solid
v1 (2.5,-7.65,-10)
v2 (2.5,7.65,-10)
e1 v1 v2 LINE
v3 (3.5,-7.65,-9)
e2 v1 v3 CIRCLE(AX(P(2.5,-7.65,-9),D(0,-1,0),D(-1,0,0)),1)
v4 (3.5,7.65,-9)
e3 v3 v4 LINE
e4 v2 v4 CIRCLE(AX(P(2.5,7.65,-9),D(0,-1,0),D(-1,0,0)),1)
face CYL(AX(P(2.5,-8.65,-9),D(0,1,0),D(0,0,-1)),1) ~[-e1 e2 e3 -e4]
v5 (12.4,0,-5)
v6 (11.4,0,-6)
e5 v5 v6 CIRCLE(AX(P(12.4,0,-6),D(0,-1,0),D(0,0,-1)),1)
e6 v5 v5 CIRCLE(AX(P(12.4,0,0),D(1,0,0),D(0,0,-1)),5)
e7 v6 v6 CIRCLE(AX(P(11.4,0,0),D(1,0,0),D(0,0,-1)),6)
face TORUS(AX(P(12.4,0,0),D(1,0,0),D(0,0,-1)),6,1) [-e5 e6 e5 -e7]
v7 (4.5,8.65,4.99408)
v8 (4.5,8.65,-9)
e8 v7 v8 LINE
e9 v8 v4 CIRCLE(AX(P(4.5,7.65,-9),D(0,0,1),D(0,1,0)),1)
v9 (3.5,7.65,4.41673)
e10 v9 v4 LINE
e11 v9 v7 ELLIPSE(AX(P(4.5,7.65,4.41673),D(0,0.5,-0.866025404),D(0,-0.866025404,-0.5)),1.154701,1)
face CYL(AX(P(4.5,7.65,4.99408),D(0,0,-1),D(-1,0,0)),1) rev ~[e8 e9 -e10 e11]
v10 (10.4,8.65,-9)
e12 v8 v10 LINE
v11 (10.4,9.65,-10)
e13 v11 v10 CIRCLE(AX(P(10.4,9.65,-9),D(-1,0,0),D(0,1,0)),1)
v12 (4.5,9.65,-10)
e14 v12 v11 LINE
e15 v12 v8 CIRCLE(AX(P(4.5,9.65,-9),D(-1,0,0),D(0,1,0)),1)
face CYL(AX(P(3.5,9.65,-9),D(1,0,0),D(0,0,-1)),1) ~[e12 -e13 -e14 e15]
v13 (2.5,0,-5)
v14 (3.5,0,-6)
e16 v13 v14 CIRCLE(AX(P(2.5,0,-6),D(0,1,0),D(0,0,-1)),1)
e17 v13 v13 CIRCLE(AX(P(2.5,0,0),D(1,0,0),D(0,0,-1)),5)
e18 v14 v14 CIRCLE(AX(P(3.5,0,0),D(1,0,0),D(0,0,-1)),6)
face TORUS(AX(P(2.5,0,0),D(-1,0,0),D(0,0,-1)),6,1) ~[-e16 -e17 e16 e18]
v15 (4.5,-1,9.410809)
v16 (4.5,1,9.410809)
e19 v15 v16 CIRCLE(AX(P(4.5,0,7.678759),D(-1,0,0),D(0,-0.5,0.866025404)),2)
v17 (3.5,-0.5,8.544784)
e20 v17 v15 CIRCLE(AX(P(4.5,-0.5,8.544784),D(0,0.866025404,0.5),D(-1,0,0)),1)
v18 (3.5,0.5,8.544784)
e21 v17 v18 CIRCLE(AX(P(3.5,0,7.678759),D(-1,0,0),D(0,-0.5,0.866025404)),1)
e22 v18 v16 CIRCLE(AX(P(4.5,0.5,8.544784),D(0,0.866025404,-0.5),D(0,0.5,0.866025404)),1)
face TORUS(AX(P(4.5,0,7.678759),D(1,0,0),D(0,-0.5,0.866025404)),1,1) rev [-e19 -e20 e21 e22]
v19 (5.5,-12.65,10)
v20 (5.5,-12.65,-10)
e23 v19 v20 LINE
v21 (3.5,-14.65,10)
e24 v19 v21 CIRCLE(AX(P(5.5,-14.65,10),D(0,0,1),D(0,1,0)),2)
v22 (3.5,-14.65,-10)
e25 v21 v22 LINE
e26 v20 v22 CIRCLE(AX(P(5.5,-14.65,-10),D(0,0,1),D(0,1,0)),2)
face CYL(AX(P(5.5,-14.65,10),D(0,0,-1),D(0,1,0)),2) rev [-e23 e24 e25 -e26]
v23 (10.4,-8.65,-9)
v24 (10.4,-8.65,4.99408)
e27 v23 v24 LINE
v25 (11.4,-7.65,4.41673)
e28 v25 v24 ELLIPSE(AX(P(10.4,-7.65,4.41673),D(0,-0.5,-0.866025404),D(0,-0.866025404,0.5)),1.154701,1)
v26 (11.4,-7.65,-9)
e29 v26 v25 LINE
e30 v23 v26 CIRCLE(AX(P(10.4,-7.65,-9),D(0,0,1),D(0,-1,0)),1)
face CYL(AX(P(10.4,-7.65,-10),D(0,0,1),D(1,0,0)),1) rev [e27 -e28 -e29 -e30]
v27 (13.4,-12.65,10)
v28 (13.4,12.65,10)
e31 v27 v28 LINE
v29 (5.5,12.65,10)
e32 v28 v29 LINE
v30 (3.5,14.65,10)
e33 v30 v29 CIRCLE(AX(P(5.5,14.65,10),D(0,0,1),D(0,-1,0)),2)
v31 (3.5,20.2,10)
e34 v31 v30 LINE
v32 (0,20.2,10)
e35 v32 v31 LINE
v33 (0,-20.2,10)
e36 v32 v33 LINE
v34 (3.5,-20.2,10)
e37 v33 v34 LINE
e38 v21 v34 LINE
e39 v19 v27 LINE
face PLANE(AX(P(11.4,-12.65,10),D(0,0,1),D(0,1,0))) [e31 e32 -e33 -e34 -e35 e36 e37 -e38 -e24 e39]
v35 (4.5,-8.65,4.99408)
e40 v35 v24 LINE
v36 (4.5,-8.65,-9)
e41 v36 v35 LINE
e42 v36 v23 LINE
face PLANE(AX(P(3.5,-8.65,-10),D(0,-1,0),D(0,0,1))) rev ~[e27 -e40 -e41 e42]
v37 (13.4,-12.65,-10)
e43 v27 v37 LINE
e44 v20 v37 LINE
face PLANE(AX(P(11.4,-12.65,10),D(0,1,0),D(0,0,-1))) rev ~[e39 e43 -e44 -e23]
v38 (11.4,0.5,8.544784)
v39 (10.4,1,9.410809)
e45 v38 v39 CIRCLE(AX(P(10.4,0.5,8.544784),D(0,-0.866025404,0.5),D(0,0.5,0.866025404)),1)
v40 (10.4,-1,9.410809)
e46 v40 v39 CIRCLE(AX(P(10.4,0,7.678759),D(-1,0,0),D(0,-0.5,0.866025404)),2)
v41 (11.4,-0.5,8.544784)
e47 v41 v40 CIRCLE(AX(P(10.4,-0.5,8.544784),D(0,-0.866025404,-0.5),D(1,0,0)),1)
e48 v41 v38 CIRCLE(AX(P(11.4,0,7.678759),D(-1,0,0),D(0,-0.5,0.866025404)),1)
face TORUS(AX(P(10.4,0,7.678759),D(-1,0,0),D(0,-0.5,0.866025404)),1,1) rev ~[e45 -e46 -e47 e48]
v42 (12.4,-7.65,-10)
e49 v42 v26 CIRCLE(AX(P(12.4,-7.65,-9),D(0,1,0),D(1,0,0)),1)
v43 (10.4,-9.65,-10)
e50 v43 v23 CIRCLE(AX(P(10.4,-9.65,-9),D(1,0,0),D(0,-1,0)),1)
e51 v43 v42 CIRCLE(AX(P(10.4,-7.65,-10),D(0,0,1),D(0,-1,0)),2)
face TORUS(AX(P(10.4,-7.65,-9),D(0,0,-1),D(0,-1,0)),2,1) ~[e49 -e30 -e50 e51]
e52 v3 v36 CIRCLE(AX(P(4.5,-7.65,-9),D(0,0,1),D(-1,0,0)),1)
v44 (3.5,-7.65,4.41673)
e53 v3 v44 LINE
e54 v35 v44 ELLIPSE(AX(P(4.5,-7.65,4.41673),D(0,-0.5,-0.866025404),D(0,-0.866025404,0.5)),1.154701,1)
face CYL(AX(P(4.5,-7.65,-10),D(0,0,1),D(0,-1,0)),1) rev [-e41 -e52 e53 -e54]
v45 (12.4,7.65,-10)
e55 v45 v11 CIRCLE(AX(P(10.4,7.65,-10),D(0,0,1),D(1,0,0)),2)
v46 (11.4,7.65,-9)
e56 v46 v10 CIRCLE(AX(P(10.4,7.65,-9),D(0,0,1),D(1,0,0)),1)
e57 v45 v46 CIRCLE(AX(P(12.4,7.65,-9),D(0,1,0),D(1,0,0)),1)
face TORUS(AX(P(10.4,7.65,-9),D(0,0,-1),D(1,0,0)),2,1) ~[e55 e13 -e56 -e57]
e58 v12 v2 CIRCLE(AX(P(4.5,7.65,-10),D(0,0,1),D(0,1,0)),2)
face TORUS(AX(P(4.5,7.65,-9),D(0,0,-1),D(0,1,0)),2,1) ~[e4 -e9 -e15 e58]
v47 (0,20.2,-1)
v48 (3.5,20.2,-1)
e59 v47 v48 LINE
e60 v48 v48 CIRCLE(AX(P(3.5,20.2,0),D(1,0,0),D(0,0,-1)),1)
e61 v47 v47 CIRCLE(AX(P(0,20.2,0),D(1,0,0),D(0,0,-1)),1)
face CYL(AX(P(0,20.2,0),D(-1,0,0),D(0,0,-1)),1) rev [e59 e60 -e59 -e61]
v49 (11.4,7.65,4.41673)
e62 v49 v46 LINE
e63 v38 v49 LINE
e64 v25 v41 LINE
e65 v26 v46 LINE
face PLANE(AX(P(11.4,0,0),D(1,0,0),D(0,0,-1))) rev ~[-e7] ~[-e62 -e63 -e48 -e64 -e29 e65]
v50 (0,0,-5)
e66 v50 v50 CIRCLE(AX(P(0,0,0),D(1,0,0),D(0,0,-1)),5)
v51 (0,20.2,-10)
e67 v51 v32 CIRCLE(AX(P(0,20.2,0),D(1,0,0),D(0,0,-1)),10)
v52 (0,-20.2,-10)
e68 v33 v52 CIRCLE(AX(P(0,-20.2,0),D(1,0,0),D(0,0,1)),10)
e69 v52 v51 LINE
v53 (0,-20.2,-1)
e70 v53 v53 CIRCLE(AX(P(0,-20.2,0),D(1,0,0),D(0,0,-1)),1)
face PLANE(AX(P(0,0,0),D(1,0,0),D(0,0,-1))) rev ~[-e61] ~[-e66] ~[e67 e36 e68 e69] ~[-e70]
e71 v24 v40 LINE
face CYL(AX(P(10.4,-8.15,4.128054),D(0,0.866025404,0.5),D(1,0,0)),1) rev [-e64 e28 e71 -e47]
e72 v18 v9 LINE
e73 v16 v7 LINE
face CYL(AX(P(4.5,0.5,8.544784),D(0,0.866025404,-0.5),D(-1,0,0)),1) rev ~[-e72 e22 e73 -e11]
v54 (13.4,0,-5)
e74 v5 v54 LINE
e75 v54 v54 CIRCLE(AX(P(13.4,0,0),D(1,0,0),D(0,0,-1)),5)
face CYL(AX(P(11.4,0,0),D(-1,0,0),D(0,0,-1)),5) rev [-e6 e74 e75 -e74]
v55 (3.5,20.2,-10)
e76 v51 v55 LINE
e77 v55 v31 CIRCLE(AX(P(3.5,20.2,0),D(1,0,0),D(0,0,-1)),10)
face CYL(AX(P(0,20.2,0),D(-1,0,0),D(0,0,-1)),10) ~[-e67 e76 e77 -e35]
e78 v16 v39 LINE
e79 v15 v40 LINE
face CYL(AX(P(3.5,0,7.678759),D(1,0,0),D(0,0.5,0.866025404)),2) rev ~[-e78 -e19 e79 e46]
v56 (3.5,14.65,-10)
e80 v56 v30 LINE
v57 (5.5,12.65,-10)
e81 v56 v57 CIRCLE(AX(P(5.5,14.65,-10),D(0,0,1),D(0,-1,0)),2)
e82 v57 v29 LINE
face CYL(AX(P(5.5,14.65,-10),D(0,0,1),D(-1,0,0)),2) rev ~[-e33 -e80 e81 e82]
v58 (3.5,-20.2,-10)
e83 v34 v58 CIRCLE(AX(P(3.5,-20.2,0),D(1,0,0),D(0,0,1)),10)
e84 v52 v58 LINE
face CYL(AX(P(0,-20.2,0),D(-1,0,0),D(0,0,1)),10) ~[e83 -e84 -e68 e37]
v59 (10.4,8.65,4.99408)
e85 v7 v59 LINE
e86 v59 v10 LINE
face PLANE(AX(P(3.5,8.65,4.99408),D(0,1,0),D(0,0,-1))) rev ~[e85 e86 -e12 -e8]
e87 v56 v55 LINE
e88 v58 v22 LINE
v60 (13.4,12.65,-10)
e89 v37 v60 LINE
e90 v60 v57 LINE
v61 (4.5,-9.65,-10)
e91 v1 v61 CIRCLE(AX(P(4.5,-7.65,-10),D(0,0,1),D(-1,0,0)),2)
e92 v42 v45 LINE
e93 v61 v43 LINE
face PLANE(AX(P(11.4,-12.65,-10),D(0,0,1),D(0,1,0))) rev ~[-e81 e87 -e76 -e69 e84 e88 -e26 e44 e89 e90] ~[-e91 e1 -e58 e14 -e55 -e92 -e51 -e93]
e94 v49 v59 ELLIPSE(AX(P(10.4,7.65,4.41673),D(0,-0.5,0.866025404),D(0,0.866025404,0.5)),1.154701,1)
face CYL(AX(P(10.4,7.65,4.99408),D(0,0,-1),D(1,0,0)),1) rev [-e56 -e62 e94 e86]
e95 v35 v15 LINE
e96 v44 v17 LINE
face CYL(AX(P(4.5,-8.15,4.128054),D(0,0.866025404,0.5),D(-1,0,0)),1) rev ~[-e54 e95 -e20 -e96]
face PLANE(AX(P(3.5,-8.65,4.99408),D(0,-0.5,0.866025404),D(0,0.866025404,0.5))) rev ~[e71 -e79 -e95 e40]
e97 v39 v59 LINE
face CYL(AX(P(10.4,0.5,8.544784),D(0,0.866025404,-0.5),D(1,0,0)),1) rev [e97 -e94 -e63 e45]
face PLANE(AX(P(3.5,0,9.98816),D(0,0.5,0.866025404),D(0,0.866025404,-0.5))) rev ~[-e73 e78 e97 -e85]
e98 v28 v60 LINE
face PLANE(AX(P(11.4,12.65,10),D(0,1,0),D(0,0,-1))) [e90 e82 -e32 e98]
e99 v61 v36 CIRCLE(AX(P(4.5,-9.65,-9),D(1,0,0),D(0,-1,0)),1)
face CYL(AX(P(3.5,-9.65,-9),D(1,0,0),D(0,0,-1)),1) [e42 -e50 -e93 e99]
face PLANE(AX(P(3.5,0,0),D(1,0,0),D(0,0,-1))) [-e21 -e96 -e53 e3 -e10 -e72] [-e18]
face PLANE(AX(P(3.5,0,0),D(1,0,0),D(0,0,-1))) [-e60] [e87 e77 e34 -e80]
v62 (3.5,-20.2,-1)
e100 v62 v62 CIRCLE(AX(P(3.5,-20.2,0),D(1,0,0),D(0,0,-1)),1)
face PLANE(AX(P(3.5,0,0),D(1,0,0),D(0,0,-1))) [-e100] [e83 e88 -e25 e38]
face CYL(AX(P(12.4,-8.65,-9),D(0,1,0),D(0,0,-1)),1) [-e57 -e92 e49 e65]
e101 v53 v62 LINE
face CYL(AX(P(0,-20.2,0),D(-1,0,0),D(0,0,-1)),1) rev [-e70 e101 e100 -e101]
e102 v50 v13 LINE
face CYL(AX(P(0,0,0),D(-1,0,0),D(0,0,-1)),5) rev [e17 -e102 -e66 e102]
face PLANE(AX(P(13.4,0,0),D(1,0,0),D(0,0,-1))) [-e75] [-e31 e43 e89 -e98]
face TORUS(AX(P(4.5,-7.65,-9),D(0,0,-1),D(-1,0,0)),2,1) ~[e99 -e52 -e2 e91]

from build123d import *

# Parameters (mm, degrees)
SKETCH1_R           = 5
SKETCH1_R_2         = 1
BOSS_EXTRUDE1_DEPTH = 3.5
BOSS_EXTRUDE2_DEPTH = 7.9
SKETCH3_W           = 20
SKETCH3_H           = 25.3
SKETCH3_R           = 5
BOSS_EXTRUDE3_DEPTH = 2
FILLET1_R           = 2
FILLET2_R           = 1


with BuildPart() as part:
    # Sketch1 → Boss-Extrude1 (new body)
    with BuildSketch(Plane(origin=(0, 0, 0), x_dir=(0, 0, -1), z_dir=(1, 0, 0))):
        with BuildLine():
            Line((10, -20.2), (10, 20.2))
            ThreePointArc((10, 20.2), (0, 30.2), (-10, 20.2))
            Line((-10, 20.2), (-10, -20.2))
            ThreePointArc((-10, -20.2), (0, -30.2), (10, -20.2))
        make_face()
        Circle(SKETCH1_R, mode=Mode.SUBTRACT)
        with Locations((0, 20.2)):
            Circle(SKETCH1_R_2, mode=Mode.SUBTRACT)
        with Locations((0, -20.2)):
            Circle(SKETCH1_R_2, mode=Mode.SUBTRACT)
    extrude(amount=BOSS_EXTRUDE1_DEPTH)

    # Sketch2 → Boss-Extrude2 (add)
    with BuildSketch(Plane(origin=(3.5, 0, 0), x_dir=(0, 0, -1), z_dir=(1, 0, 0))):
        Polygon((-9.988159657, 0), (-4.994079828, 8.65), (10, 8.65), (10, 12.65), (-10, 12.65), (-10, -12.65), (10, -12.65), (10, -8.65), (-4.994079828, -8.65), align=None)
    extrude(amount=BOSS_EXTRUDE2_DEPTH)

    # Sketch3 → Boss-Extrude3 (add)
    with BuildSketch(Plane(origin=(11.4, 0, 0), x_dir=(0, 0, -1), z_dir=(1, 0, 0))):
        Rectangle(SKETCH3_W, SKETCH3_H)
        Circle(SKETCH3_R, mode=Mode.SUBTRACT)
    extrude(amount=BOSS_EXTRUDE3_DEPTH)

    # Fillet1
    fillet1_edges = [part.edges().sort_by_distance(p)[0] for p in [
        (7.45, 0, 9.988159657),
        (3.5, -12.65, 0),
        (3.5, 12.65, 0),
    ]]
    fillet(fillet1_edges, radius=FILLET1_R)

    # Fillet2
    fillet2_edges = [part.edges().sort_by_distance(p)[0] for p in [
        (3.5, 0, -10),
        (11.4, -8.65, -2.502960086),
        (7.45, -8.65, -10),
        (11.4, 4.825, 7.202444608),
        (3.5, 8.65, -2.502960086),
        (7.45, 8.65, -10),
        (11.4, 8.65, -2.502960086),
        (3.5, -8.65, -2.502960086),
        (3.5, 4.825, 7.202444608),
        (11.4, 0, 5),
        (11.4, 0, -10),
        (3.5, -4.825, 7.202444608),
        (3.5, 0, 9.67875858),
        (11.4, -4.825, 7.202444608),
        (11.4, 0, 9.67875858),
        (3.5, 0, 5),
    ]]
    fillet(fillet2_edges, radius=FILLET2_R)


solid = part.part
